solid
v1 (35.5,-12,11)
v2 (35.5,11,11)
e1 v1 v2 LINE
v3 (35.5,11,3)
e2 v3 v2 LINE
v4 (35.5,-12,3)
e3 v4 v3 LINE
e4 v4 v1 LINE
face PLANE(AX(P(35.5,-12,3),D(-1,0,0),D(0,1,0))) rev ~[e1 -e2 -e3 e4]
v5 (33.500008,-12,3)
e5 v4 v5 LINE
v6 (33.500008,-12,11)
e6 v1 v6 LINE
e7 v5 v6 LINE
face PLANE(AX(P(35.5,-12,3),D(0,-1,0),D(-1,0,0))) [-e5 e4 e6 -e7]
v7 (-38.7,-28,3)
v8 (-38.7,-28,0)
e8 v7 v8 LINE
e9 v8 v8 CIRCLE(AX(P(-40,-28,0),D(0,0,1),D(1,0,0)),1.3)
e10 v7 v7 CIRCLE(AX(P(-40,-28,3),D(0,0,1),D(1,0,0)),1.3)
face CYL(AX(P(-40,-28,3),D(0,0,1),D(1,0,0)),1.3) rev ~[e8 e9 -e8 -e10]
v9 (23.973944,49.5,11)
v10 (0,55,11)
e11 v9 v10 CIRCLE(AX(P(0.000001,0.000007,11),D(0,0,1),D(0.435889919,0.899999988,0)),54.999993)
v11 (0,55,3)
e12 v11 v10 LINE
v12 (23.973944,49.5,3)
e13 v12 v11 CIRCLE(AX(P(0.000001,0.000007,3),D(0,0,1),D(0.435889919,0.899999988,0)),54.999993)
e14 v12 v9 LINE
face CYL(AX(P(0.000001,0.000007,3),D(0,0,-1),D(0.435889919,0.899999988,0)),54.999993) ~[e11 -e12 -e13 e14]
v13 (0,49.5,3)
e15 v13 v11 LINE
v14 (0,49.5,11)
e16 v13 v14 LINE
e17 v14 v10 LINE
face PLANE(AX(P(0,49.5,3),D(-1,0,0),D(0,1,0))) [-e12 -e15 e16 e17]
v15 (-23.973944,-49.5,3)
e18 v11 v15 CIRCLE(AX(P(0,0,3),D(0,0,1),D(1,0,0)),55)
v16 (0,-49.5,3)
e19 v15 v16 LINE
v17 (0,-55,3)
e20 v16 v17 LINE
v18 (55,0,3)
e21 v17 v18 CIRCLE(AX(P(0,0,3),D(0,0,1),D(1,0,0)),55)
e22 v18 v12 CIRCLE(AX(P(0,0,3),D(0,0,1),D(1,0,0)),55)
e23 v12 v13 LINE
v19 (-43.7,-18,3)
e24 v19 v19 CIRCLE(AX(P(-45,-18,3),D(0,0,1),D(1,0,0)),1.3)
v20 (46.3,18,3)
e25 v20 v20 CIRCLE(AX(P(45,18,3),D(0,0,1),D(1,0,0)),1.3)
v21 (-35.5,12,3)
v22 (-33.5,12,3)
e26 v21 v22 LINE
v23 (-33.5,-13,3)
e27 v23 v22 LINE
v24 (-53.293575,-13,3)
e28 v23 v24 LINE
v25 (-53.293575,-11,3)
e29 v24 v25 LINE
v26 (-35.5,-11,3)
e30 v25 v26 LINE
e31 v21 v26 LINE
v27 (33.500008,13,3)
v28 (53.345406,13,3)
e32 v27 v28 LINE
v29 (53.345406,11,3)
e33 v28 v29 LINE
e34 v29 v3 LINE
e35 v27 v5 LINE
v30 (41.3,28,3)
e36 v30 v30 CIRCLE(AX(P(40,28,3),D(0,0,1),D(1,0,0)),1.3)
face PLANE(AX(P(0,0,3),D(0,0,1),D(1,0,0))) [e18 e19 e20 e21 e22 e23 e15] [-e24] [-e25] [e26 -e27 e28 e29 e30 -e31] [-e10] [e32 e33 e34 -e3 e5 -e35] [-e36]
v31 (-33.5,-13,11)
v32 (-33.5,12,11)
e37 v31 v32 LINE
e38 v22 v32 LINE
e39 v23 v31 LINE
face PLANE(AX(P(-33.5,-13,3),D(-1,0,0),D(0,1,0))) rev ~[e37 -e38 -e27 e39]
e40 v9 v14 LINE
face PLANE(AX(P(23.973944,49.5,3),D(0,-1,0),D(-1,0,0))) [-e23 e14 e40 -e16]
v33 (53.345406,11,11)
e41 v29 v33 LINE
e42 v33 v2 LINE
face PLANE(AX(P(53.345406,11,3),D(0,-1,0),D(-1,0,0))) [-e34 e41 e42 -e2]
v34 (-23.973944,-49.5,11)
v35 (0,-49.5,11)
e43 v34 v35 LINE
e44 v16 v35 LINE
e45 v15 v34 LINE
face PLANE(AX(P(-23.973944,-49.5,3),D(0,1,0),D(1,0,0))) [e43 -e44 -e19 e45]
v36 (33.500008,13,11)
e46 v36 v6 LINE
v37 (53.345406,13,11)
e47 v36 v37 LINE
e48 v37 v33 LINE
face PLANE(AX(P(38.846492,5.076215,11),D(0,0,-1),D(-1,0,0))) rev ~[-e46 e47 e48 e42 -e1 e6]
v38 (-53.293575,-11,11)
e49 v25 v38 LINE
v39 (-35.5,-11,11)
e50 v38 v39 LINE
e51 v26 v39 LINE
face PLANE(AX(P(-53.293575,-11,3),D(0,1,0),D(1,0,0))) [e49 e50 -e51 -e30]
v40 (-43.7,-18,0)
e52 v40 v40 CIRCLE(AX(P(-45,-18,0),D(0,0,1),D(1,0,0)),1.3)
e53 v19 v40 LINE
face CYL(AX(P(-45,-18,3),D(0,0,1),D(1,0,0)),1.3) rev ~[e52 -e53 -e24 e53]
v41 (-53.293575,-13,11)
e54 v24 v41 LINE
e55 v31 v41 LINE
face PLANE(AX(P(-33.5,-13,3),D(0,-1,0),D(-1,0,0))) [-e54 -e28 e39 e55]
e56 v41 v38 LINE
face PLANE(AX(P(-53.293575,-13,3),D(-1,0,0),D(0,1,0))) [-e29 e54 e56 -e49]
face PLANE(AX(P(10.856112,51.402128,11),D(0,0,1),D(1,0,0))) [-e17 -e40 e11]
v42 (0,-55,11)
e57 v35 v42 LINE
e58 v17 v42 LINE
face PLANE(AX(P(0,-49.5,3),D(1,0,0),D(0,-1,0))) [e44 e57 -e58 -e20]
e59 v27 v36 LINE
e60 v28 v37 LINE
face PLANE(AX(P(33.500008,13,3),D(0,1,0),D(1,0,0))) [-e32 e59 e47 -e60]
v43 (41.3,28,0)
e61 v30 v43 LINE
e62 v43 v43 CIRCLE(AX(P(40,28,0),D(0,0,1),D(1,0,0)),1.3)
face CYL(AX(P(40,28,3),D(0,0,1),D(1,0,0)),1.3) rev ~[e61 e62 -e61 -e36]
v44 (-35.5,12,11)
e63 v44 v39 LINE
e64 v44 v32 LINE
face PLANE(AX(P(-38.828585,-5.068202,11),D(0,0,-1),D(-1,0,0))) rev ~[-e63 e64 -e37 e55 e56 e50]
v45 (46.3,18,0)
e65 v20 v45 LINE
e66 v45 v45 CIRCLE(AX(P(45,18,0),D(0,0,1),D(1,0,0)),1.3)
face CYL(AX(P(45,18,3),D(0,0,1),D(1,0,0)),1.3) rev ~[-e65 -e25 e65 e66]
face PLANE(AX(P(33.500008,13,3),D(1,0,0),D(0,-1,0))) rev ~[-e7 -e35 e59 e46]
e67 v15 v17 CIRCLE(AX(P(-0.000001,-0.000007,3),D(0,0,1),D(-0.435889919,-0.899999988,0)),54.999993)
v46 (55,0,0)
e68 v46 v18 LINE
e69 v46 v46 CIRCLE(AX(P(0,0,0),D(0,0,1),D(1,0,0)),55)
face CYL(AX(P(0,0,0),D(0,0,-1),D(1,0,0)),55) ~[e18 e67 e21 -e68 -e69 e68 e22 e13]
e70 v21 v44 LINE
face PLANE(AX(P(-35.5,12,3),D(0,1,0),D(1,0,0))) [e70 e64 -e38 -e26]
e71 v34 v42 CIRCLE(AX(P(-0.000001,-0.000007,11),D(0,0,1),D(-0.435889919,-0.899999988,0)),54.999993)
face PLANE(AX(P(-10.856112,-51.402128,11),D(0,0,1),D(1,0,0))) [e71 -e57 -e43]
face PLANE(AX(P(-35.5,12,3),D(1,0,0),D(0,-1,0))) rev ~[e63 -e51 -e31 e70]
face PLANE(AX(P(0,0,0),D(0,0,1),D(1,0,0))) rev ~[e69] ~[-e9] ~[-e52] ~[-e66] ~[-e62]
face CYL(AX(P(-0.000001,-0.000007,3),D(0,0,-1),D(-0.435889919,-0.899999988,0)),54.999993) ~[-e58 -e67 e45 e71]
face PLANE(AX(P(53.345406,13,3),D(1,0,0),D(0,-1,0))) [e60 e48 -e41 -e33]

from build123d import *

# Parameters (mm, degrees)
SKETCH_R     = 55
PAD_DEPTH    = 3
PAD001_DEPTH = 8
PAD002_DEPTH = 8
SKETCH003_R  = 1.3
POCKET_DEPTH = 5


with BuildPart() as part:
    # Sketch → Pad (new body)
    with BuildSketch(Plane.XY):
        Circle(SKETCH_R)
    extrude(amount=PAD_DEPTH)

    # Sketch001 (on Face3 of Pad) → Pad001 (join)
    with BuildSketch(Plane.XY.offset(3)):
        Polygon((33.500008, 0), (33.500008, 13), (53.345406, 13), (53.345406, 11), (35.5, 11), (35.5, -0.005684), (35.5, -12), (33.500008, -12), align=None)
        Polygon((-33.5, 0), (-33.5, -13), (-53.293575, -13), (-53.293575, -11), (-35.5, -11), (-35.5, 0.001212), (-35.5, 12), (-33.5, 12), align=None)
    extrude(amount=PAD001_DEPTH)

    # Sketch002 (on Face3 of Pad001) → Pad002 (join)
    with BuildSketch(Plane.XY.offset(3)):
        with BuildLine():
            ThreePointArc((-23.973944, -49.5), (-12.298374, -53.607369), (0, -55))
            Line((0, -49.5), (0, -55))
            Line((-23.973944, -49.5), (0, -49.5))
        make_face()
        with BuildLine():
            ThreePointArc((23.973944, 49.5), (12.298374, 53.607369), (0, 55))
            Line((0, 49.5), (0, 55))
            Line((23.973944, 49.5), (0, 49.5))
        make_face()
    extrude(amount=PAD002_DEPTH)

    # Sketch003 (on Face3 of Pad002) → Pocket (cut)
    with BuildSketch(Plane.XY.offset(3)):
        with Locations((-45, -18)):
            Circle(SKETCH003_R)
        with Locations((45, 18)):
            Circle(SKETCH003_R)
        with Locations((-40, -28)):
            Circle(SKETCH003_R)
        with Locations((40, 28)):
            Circle(SKETCH003_R)
    extrude(amount=-POCKET_DEPTH, mode=Mode.SUBTRACT)


solid = part.part
